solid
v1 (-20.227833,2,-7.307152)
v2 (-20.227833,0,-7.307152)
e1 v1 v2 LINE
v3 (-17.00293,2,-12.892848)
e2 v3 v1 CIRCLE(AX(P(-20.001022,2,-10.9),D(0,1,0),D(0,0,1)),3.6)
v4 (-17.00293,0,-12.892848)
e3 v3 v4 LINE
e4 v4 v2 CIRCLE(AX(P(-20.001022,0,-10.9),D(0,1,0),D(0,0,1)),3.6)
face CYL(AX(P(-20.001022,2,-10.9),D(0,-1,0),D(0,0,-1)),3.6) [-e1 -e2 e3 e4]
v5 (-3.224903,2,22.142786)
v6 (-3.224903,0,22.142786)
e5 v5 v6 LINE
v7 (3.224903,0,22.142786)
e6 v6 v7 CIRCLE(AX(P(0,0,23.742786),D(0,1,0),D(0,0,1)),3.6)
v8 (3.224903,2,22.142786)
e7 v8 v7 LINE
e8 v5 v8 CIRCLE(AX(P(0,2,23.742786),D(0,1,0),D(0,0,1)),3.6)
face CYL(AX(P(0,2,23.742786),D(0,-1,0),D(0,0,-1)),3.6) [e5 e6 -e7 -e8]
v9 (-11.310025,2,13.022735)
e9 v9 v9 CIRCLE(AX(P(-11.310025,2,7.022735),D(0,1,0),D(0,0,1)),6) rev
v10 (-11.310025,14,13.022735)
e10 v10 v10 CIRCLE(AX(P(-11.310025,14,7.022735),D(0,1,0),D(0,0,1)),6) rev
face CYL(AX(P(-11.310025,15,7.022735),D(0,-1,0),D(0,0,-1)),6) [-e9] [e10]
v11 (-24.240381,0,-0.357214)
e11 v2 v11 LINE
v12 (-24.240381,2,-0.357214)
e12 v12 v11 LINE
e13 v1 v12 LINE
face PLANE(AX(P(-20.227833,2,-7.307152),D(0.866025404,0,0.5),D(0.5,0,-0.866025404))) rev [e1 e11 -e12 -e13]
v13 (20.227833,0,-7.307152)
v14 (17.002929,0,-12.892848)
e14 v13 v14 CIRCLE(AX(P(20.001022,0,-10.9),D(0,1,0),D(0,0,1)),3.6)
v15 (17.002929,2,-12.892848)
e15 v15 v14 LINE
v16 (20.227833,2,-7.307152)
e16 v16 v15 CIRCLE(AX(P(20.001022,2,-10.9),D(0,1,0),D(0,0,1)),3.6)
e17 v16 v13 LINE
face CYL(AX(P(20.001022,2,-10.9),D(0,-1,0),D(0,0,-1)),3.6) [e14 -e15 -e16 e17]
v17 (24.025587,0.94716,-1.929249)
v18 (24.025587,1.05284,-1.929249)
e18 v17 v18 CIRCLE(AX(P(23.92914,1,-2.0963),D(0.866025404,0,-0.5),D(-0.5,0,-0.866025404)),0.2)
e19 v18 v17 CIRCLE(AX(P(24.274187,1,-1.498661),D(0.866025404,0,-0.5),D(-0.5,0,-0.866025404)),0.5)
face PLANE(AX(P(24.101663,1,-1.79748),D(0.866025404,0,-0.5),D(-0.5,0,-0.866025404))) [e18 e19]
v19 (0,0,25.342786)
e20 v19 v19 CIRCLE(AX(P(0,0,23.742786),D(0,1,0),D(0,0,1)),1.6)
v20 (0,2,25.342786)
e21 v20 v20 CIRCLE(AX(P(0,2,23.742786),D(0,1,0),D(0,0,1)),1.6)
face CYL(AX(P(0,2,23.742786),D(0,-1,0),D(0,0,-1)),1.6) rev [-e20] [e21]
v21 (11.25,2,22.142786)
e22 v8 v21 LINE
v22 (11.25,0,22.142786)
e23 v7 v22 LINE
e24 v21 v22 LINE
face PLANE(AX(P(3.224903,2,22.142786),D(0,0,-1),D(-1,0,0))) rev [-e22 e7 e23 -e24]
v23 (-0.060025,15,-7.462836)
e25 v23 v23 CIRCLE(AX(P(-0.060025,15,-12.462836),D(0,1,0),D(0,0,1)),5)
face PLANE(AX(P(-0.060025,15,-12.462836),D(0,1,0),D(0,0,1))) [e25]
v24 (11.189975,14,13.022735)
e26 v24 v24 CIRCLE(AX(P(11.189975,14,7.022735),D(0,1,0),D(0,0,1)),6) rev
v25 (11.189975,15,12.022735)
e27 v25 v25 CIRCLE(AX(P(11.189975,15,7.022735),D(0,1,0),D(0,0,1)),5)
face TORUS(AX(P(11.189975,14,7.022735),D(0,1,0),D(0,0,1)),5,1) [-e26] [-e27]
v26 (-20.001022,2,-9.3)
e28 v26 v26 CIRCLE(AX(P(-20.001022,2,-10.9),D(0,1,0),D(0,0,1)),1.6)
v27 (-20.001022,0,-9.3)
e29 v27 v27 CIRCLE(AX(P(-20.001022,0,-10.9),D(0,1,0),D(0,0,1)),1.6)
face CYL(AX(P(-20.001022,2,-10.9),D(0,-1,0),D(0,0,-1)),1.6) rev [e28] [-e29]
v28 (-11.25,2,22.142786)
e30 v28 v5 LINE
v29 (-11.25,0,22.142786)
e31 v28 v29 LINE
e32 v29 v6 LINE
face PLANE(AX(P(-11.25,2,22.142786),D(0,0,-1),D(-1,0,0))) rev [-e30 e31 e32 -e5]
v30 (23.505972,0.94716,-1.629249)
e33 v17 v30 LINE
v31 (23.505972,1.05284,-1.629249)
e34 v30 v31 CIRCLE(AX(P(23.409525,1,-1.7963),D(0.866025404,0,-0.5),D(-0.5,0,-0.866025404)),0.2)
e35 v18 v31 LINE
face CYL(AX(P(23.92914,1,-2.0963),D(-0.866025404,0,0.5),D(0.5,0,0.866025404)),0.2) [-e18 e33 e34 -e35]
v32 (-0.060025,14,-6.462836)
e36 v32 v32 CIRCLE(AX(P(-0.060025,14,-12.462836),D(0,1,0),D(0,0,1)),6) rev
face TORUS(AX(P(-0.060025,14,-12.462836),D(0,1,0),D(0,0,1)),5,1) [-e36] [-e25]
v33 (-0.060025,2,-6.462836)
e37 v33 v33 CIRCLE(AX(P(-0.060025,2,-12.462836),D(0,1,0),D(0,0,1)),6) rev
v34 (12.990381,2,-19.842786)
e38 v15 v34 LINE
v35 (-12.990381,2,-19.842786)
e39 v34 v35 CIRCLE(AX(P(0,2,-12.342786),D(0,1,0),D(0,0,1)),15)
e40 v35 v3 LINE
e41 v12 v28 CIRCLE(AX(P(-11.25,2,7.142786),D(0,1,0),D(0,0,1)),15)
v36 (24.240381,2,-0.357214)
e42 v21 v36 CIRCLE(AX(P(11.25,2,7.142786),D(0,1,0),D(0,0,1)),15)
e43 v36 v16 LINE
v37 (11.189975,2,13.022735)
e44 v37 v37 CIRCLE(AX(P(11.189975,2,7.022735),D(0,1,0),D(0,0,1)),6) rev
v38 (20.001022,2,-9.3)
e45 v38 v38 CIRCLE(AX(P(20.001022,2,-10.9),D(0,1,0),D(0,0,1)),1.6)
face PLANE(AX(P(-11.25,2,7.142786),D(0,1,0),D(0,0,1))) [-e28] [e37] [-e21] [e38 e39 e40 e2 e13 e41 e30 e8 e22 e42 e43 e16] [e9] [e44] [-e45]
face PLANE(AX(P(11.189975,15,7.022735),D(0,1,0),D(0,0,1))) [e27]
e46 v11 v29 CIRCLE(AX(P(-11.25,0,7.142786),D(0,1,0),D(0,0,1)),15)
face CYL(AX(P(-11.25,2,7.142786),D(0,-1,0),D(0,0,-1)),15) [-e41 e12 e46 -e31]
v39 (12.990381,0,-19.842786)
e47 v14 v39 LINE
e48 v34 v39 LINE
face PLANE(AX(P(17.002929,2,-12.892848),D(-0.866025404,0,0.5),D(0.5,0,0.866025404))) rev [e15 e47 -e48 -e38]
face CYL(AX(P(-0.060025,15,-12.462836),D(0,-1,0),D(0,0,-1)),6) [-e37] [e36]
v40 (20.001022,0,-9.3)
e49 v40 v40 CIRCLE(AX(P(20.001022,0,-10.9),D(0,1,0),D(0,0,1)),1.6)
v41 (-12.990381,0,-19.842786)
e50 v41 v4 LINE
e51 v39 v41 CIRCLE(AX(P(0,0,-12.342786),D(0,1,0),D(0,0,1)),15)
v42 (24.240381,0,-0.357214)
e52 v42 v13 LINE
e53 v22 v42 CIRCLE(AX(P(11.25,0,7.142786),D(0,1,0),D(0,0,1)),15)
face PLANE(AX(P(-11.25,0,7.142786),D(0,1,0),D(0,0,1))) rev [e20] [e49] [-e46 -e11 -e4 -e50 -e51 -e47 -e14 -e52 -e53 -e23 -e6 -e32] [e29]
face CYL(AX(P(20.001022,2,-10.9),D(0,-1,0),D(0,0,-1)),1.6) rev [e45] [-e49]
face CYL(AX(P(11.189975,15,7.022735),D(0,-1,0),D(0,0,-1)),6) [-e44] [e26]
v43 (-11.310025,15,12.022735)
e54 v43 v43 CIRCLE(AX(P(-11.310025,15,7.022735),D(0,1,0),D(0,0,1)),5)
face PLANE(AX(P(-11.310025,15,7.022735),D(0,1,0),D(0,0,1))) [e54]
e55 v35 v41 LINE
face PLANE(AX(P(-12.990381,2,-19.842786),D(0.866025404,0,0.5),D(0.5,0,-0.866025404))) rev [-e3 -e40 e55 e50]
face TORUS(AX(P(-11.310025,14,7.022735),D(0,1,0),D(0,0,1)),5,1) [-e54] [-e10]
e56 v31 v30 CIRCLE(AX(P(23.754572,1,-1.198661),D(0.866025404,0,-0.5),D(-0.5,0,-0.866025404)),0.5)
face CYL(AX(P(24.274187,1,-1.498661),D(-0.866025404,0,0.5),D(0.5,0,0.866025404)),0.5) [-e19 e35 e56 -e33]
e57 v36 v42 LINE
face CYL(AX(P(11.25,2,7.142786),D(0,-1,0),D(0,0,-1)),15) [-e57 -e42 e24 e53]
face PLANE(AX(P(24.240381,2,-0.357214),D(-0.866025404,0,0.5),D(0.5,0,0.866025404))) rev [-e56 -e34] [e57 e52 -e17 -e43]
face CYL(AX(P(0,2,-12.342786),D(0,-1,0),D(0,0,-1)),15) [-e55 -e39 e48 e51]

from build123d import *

# Parameters (mm, degrees)
SKETCH5_R           = 1.6
BOSS_EXTRUDE2_DEPTH = 2
SKETCH6_R           = 6
BOSS_EXTRUDE3_DEPTH = 15
FILLET1_R           = 1
BOSS_EXTRUDE5_DEPTH = 0.6


with BuildPart() as part:
    # Sketch5 → Boss-Extrude2 (new body)
    with BuildSketch(Plane(origin=(0, 0, 0), x_dir=(1, 0, 0), z_dir=(0, 1, 0))):
        with BuildLine():
            Line((-11.250000051, -22.142785594), (-3.22490315, -22.142785594))
            ThreePointArc((-3.22490315, -22.142785594), (-5.1e-08, -27.342785594), (3.224903048, -22.142785594))
            Line((3.224903048, -22.142785594), (11.249999949, -22.142785594))
            ThreePointArc((11.249999949, -22.142785594), (24.240381006, -14.642785594), (24.240381006, 0.357214406))
            Line((24.240381006, 0.357214406), (20.227832555, 7.30715219))
            ThreePointArc((20.227832555, 7.30715219), (23.118713105, 12.700000199), (17.002929456, 12.892848208))
            Line((17.002929456, 12.892848208), (12.990381006, 19.842785992))
            ThreePointArc((12.990381006, 19.842785992), (-5.1e-08, 27.342785992), (-12.990381108, 19.842785992))
            Line((-12.990381108, 19.842785992), (-17.002929558, 12.892848208))
            ThreePointArc((-17.002929558, 12.892848208), (-23.118713208, 12.700000199), (-20.227832658, 7.30715219))
            Line((-20.227832658, 7.30715219), (-24.240381108, 0.357214406))
            ThreePointArc((-24.240381108, 0.357214406), (-24.240381108, -14.642785594), (-11.250000051, -22.142785594))
        make_face()
        with Locations((20.001021652, 10.900000199)):
            Circle(SKETCH5_R, mode=Mode.SUBTRACT)
        with Locations((-5.1e-08, -23.742785594)):
            Circle(SKETCH5_R, mode=Mode.SUBTRACT)
        with Locations((-20.001021754, 10.900000199)):
            Circle(SKETCH5_R, mode=Mode.SUBTRACT)
    extrude(amount=BOSS_EXTRUDE2_DEPTH)

    # Sketch6 → Boss-Extrude3 (add)
    with BuildSketch(Plane(origin=(0, 0, 0), x_dir=(1, 0, 0), z_dir=(0, 1, 0))):
        with Locations((-0.060025126, 12.462836141)):
            Circle(SKETCH6_R)
        with Locations((11.189974874, -7.022735444)):
            Circle(SKETCH6_R)
        with Locations((-11.310025126, -7.022735444)):
            Circle(SKETCH6_R)
    extrude(amount=BOSS_EXTRUDE3_DEPTH)

    # Fillet1
    fillet1_edges = [part.edges().sort_by_distance(p)[0] for p in [
        (-6.060025126, 15, -12.462836141),
        (5.189974874, 15, 7.022735444),
        (-17.310025126, 15, 7.022735444),
    ]]
    fillet(fillet1_edges, radius=FILLET1_R)

    # Sketch7 → Boss-Extrude5 (add)
    with BuildSketch(Plane(origin=(18.334964129, 0, -10.585696476), x_dir=(-0.5, 0, -0.866025404), z_dir=(0.866025404, 0, -0.5))):
        with BuildLine():
            ThreePointArc((-10.342014969, 1.052839651), (-11.339215101, 1), (-10.342014969, 0.947160349))
            ThreePointArc((-10.342014969, 0.947160349), (-9.94912129, 1), (-10.342014969, 1.052839651))
        make_face()
    extrude(amount=BOSS_EXTRUDE5_DEPTH)


solid = part.part
